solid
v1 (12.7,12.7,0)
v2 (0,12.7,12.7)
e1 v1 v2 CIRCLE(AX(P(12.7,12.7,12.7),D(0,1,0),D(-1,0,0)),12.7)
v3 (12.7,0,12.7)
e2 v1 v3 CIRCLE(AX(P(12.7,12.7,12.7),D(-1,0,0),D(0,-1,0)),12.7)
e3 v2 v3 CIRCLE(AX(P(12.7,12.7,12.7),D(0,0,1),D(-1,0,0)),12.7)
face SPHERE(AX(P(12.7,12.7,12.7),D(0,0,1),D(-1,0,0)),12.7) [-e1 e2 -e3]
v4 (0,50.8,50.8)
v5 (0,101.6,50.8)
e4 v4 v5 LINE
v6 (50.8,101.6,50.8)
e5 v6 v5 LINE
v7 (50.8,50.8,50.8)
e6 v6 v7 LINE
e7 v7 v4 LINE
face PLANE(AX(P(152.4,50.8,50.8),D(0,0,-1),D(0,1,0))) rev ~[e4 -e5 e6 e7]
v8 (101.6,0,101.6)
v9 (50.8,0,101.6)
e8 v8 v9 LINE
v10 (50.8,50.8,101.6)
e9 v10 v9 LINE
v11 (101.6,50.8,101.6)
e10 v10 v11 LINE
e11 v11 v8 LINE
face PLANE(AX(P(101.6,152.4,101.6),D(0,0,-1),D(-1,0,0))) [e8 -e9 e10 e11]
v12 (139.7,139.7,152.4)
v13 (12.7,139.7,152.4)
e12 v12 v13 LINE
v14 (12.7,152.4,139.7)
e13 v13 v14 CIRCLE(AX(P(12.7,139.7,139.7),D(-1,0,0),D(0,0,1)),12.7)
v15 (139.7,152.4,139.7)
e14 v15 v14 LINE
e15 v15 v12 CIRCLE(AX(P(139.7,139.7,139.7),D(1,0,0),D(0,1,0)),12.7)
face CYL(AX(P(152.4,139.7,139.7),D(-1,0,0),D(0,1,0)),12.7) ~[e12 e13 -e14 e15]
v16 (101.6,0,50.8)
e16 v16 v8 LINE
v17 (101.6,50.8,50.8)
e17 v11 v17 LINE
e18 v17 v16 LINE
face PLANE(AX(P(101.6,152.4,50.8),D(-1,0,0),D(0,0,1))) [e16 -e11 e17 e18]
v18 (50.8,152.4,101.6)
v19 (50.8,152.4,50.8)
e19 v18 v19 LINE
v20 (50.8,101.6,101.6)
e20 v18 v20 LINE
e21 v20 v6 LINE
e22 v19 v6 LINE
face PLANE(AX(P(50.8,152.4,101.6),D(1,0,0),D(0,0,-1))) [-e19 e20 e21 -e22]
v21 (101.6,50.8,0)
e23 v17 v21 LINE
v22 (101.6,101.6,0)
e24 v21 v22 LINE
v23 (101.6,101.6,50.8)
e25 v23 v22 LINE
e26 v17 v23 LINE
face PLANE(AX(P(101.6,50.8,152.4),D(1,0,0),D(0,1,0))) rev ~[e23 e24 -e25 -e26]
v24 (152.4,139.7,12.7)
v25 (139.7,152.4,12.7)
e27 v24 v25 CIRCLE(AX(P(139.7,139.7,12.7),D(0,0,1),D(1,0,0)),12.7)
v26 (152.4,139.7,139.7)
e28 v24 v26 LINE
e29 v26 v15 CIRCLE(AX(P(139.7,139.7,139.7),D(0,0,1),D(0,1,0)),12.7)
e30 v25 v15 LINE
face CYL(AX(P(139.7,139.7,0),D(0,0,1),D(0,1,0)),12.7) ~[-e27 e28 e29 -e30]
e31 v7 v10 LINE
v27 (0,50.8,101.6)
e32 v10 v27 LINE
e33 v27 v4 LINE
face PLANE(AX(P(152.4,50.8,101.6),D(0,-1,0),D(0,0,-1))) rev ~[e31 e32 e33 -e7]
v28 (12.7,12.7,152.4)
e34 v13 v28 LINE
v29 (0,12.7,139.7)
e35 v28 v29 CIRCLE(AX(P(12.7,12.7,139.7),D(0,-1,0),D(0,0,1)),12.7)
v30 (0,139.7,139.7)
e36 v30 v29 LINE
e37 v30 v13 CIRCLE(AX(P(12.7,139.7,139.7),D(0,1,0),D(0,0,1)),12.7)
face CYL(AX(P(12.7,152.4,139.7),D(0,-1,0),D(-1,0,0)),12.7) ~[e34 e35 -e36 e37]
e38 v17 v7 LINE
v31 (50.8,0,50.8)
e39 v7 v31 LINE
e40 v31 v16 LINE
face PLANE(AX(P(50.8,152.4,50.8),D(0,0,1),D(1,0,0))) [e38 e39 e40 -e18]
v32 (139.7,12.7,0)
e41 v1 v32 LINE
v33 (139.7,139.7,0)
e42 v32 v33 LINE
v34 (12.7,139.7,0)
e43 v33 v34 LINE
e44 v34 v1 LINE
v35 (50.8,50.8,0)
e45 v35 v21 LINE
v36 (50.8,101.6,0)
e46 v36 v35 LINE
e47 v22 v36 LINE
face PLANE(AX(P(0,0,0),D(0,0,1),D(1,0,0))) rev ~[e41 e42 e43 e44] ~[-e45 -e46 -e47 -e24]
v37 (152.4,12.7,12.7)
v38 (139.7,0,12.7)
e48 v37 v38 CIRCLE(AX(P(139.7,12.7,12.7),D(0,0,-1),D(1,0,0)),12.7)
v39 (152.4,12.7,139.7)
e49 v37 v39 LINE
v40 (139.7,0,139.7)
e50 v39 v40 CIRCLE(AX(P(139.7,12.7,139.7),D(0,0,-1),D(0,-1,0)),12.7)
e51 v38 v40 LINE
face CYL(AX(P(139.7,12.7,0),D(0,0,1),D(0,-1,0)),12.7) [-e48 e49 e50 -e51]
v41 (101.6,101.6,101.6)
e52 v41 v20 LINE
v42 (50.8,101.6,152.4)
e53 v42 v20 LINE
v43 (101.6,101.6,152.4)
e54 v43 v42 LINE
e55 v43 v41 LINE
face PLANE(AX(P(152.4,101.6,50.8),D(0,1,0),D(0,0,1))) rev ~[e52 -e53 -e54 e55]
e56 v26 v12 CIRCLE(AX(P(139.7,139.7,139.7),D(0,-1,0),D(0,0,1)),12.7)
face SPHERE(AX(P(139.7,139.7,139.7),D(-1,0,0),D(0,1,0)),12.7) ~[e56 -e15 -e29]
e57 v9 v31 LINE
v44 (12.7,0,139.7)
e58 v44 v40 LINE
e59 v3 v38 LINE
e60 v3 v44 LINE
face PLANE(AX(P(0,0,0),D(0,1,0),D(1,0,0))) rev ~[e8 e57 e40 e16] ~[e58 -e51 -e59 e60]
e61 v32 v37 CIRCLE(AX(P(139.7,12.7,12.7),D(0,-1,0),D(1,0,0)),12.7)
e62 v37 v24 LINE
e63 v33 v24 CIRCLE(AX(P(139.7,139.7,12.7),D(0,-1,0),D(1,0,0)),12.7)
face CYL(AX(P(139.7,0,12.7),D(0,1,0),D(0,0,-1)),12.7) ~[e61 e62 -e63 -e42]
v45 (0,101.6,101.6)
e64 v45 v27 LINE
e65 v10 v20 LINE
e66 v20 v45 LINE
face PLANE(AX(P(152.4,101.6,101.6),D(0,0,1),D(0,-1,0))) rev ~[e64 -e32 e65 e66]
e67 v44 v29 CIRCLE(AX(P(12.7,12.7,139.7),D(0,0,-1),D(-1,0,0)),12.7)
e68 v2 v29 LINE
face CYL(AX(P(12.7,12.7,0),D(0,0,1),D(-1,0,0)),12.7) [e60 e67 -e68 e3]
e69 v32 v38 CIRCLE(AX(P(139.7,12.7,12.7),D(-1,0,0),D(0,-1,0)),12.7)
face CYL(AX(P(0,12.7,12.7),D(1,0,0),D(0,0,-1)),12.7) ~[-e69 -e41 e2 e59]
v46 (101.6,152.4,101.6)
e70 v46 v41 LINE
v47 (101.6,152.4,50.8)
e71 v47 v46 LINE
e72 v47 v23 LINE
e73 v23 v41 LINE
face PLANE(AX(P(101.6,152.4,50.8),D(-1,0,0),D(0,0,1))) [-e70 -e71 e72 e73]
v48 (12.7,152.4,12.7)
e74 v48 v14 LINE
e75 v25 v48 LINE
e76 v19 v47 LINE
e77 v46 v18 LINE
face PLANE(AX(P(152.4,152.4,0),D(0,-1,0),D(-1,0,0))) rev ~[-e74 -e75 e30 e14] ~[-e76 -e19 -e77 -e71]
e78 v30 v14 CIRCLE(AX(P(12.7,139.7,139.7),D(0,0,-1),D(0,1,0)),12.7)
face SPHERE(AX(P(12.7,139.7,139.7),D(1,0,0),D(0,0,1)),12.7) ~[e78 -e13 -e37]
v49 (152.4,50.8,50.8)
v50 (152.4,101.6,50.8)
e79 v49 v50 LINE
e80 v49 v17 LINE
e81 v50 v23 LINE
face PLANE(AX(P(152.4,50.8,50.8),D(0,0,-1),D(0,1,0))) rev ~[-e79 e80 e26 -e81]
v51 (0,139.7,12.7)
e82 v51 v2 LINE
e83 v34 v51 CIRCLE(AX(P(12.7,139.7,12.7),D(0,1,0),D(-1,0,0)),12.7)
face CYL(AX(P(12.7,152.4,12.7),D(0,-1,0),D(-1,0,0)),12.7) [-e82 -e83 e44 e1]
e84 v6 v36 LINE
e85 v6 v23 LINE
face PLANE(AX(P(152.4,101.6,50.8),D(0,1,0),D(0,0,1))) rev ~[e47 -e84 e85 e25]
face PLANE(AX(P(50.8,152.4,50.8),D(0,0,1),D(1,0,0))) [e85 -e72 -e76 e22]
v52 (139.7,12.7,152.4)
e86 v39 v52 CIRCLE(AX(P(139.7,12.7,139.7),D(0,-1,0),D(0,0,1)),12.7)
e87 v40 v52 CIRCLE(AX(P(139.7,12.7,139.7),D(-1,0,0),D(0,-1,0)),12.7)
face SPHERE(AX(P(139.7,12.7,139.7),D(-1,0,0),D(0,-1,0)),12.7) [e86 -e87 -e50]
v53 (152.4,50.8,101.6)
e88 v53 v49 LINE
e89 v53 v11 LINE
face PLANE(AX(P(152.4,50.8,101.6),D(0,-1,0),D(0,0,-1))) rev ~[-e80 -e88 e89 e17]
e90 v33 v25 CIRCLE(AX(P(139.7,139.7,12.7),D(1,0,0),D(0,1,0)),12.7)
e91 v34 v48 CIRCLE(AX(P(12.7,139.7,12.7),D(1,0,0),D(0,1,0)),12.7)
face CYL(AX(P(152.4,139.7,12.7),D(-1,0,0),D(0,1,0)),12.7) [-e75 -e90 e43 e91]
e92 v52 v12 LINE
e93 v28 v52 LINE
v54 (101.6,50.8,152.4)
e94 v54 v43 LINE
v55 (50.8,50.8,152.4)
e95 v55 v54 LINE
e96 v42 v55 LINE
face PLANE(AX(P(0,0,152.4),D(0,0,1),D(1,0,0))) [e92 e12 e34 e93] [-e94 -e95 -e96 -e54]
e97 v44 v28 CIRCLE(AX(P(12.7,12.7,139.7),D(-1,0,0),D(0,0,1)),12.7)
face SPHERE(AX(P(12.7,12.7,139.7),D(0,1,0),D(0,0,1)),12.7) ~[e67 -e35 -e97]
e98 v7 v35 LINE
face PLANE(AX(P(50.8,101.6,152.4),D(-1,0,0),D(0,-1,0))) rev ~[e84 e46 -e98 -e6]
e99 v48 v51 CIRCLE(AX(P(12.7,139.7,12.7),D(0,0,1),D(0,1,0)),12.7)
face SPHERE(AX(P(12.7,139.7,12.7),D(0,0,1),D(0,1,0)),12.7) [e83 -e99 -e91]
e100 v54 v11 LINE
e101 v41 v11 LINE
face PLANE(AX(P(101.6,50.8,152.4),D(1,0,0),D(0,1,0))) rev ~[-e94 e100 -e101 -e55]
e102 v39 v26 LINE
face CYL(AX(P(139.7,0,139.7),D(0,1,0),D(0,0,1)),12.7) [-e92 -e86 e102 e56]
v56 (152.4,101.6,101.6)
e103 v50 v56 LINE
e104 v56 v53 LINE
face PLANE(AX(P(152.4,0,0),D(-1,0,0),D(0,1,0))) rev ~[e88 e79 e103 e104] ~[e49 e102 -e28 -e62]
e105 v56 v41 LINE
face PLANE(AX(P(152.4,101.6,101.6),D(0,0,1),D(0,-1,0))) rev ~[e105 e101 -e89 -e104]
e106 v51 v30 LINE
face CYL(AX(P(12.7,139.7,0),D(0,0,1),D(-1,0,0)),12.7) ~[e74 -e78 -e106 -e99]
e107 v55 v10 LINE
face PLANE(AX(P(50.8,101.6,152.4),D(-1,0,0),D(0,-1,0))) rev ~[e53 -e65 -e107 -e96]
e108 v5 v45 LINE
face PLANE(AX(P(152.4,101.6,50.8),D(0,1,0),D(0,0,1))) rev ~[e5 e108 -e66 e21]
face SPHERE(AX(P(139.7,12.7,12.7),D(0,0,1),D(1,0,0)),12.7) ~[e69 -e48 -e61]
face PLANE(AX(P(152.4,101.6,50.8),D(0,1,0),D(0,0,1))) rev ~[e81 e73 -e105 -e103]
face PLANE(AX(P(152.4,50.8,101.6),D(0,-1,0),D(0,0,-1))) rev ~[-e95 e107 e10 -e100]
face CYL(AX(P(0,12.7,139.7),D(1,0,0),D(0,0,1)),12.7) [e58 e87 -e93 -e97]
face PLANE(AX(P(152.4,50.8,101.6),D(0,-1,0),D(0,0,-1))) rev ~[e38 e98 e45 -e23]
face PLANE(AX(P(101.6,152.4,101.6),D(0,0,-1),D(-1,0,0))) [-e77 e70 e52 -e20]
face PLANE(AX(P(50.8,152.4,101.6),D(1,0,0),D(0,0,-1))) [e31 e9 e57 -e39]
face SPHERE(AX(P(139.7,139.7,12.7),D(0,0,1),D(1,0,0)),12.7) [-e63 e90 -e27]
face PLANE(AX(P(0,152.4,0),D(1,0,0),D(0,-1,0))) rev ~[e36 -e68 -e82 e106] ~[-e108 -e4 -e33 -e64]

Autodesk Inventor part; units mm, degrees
ref_plane "YZ Plane" through (0, 0, 0) normal (1, 0, 0) x (0, 1, 0)
ref_plane "XZ Plane" through (0, 0, 0) normal (0, 1, 0) x (-1, 0, 0)
ref_plane "XY Plane" through (0, 0, 0) normal (0, 0, 1) x (1, 0, 0)
sketch "Sketch1" plane through (0, 0, 0) normal (0, 0, 1) x (1, 0, 0)
  line L0 (0, 0) -> (152.4, 0)
  line L1 (152.4, 0) -> (152.4, 152.4)
  line L2 (152.4, 152.4) -> (0, 152.4)
  line L3 (0, 152.4) -> (0, 0)
  dimension "d0" = 152.4
  dimension "d1" = 152.4
extrude "Extrusion1" add sketch "Sketch1" along normal blind 152.4
sketch "Sketch2" plane through (0, 0, 152.4) normal (0, 0, 1) x (1, 0, 0)
  line L0 (50.8, 50.8) -> (101.6, 50.8)
  line L1 (101.6, 50.8) -> (101.6, 101.6)
  line L2 (101.6, 101.6) -> (50.8, 101.6)
  line L3 (50.8, 101.6) -> (50.8, 50.8)
  line L4 (152.4, 152.4) -> (0, 152.4) projected
  line L5 (152.4, 0) -> (152.4, 152.4) projected
  point P0 (0, 0)
  dimension "d4" = 50.8
  dimension "d5" = 50.8
  dimension "d6" = 50.8
  dimension "d7" = 50.8
extrude "Extrusion2" cut sketch "Sketch2" against normal blind 182.5625
sketch "Sketch3" plane through (152.4, 0, 0) normal (1, 0, 0) x (0, 0, -1)
  line L0 (-101.6, 50.8) -> (-50.8, 50.8)
  line L1 (-50.8, 50.8) -> (-50.8, 101.6)
  line L2 (-50.8, 101.6) -> (-101.6, 101.6)
  line L3 (-101.6, 101.6) -> (-101.6, 50.8)
  line L4 (0, 152.4) -> (-152.4, 152.4) projected
  line L5 (-152.4, 0) -> (-152.4, 152.4) projected
  point P0 (0, 0)
  dimension "d10" = 50.8
  dimension "d11" = 50.8
  dimension "d12" = 50.8
  dimension "d13" = 50.8
extrude "Extrusion3" cut sketch "Sketch3" against normal blind 182.5625
sketch "Sketch4" plane through (0, 152.4, 0) normal (0, 1, 0) x (1, 0, 0)
  line L0 (101.6, -101.6) -> (50.8, -101.6)
  line L1 (50.8, -101.6) -> (50.8, -50.8)
  line L2 (50.8, -50.8) -> (101.6, -50.8)
  line L3 (101.6, -50.8) -> (101.6, -101.6)
  line L4 (152.4, -152.4) -> (0, -152.4) projected
  line L5 (0, 0) -> (0, -152.4) projected
  dimension "d16" = 50.8
  dimension "d17" = 50.8
  dimension "d18" = 50.8
  dimension "d19" = 50.8
extrude "Extrusion4" cut sketch "Sketch4" against normal blind 182.5625
fillet "Fillet1" radius 12.7 12 edges at (76.2, 152.4, 152.4) (152.4, 152.4, 76.2) (0, 76.2, 152.4) (76.2, 0, 152.4) (152.4, 0, 76.2) (152.4, 76.2, 152.4) (152.4, 76.2, 0) (0, 152.4, 76.2) (76.2, 152.4, 0) (0, 0, 76.2) (0, 76.2, 0) (76.2, 0, 0)
properties part number "cube practice"
